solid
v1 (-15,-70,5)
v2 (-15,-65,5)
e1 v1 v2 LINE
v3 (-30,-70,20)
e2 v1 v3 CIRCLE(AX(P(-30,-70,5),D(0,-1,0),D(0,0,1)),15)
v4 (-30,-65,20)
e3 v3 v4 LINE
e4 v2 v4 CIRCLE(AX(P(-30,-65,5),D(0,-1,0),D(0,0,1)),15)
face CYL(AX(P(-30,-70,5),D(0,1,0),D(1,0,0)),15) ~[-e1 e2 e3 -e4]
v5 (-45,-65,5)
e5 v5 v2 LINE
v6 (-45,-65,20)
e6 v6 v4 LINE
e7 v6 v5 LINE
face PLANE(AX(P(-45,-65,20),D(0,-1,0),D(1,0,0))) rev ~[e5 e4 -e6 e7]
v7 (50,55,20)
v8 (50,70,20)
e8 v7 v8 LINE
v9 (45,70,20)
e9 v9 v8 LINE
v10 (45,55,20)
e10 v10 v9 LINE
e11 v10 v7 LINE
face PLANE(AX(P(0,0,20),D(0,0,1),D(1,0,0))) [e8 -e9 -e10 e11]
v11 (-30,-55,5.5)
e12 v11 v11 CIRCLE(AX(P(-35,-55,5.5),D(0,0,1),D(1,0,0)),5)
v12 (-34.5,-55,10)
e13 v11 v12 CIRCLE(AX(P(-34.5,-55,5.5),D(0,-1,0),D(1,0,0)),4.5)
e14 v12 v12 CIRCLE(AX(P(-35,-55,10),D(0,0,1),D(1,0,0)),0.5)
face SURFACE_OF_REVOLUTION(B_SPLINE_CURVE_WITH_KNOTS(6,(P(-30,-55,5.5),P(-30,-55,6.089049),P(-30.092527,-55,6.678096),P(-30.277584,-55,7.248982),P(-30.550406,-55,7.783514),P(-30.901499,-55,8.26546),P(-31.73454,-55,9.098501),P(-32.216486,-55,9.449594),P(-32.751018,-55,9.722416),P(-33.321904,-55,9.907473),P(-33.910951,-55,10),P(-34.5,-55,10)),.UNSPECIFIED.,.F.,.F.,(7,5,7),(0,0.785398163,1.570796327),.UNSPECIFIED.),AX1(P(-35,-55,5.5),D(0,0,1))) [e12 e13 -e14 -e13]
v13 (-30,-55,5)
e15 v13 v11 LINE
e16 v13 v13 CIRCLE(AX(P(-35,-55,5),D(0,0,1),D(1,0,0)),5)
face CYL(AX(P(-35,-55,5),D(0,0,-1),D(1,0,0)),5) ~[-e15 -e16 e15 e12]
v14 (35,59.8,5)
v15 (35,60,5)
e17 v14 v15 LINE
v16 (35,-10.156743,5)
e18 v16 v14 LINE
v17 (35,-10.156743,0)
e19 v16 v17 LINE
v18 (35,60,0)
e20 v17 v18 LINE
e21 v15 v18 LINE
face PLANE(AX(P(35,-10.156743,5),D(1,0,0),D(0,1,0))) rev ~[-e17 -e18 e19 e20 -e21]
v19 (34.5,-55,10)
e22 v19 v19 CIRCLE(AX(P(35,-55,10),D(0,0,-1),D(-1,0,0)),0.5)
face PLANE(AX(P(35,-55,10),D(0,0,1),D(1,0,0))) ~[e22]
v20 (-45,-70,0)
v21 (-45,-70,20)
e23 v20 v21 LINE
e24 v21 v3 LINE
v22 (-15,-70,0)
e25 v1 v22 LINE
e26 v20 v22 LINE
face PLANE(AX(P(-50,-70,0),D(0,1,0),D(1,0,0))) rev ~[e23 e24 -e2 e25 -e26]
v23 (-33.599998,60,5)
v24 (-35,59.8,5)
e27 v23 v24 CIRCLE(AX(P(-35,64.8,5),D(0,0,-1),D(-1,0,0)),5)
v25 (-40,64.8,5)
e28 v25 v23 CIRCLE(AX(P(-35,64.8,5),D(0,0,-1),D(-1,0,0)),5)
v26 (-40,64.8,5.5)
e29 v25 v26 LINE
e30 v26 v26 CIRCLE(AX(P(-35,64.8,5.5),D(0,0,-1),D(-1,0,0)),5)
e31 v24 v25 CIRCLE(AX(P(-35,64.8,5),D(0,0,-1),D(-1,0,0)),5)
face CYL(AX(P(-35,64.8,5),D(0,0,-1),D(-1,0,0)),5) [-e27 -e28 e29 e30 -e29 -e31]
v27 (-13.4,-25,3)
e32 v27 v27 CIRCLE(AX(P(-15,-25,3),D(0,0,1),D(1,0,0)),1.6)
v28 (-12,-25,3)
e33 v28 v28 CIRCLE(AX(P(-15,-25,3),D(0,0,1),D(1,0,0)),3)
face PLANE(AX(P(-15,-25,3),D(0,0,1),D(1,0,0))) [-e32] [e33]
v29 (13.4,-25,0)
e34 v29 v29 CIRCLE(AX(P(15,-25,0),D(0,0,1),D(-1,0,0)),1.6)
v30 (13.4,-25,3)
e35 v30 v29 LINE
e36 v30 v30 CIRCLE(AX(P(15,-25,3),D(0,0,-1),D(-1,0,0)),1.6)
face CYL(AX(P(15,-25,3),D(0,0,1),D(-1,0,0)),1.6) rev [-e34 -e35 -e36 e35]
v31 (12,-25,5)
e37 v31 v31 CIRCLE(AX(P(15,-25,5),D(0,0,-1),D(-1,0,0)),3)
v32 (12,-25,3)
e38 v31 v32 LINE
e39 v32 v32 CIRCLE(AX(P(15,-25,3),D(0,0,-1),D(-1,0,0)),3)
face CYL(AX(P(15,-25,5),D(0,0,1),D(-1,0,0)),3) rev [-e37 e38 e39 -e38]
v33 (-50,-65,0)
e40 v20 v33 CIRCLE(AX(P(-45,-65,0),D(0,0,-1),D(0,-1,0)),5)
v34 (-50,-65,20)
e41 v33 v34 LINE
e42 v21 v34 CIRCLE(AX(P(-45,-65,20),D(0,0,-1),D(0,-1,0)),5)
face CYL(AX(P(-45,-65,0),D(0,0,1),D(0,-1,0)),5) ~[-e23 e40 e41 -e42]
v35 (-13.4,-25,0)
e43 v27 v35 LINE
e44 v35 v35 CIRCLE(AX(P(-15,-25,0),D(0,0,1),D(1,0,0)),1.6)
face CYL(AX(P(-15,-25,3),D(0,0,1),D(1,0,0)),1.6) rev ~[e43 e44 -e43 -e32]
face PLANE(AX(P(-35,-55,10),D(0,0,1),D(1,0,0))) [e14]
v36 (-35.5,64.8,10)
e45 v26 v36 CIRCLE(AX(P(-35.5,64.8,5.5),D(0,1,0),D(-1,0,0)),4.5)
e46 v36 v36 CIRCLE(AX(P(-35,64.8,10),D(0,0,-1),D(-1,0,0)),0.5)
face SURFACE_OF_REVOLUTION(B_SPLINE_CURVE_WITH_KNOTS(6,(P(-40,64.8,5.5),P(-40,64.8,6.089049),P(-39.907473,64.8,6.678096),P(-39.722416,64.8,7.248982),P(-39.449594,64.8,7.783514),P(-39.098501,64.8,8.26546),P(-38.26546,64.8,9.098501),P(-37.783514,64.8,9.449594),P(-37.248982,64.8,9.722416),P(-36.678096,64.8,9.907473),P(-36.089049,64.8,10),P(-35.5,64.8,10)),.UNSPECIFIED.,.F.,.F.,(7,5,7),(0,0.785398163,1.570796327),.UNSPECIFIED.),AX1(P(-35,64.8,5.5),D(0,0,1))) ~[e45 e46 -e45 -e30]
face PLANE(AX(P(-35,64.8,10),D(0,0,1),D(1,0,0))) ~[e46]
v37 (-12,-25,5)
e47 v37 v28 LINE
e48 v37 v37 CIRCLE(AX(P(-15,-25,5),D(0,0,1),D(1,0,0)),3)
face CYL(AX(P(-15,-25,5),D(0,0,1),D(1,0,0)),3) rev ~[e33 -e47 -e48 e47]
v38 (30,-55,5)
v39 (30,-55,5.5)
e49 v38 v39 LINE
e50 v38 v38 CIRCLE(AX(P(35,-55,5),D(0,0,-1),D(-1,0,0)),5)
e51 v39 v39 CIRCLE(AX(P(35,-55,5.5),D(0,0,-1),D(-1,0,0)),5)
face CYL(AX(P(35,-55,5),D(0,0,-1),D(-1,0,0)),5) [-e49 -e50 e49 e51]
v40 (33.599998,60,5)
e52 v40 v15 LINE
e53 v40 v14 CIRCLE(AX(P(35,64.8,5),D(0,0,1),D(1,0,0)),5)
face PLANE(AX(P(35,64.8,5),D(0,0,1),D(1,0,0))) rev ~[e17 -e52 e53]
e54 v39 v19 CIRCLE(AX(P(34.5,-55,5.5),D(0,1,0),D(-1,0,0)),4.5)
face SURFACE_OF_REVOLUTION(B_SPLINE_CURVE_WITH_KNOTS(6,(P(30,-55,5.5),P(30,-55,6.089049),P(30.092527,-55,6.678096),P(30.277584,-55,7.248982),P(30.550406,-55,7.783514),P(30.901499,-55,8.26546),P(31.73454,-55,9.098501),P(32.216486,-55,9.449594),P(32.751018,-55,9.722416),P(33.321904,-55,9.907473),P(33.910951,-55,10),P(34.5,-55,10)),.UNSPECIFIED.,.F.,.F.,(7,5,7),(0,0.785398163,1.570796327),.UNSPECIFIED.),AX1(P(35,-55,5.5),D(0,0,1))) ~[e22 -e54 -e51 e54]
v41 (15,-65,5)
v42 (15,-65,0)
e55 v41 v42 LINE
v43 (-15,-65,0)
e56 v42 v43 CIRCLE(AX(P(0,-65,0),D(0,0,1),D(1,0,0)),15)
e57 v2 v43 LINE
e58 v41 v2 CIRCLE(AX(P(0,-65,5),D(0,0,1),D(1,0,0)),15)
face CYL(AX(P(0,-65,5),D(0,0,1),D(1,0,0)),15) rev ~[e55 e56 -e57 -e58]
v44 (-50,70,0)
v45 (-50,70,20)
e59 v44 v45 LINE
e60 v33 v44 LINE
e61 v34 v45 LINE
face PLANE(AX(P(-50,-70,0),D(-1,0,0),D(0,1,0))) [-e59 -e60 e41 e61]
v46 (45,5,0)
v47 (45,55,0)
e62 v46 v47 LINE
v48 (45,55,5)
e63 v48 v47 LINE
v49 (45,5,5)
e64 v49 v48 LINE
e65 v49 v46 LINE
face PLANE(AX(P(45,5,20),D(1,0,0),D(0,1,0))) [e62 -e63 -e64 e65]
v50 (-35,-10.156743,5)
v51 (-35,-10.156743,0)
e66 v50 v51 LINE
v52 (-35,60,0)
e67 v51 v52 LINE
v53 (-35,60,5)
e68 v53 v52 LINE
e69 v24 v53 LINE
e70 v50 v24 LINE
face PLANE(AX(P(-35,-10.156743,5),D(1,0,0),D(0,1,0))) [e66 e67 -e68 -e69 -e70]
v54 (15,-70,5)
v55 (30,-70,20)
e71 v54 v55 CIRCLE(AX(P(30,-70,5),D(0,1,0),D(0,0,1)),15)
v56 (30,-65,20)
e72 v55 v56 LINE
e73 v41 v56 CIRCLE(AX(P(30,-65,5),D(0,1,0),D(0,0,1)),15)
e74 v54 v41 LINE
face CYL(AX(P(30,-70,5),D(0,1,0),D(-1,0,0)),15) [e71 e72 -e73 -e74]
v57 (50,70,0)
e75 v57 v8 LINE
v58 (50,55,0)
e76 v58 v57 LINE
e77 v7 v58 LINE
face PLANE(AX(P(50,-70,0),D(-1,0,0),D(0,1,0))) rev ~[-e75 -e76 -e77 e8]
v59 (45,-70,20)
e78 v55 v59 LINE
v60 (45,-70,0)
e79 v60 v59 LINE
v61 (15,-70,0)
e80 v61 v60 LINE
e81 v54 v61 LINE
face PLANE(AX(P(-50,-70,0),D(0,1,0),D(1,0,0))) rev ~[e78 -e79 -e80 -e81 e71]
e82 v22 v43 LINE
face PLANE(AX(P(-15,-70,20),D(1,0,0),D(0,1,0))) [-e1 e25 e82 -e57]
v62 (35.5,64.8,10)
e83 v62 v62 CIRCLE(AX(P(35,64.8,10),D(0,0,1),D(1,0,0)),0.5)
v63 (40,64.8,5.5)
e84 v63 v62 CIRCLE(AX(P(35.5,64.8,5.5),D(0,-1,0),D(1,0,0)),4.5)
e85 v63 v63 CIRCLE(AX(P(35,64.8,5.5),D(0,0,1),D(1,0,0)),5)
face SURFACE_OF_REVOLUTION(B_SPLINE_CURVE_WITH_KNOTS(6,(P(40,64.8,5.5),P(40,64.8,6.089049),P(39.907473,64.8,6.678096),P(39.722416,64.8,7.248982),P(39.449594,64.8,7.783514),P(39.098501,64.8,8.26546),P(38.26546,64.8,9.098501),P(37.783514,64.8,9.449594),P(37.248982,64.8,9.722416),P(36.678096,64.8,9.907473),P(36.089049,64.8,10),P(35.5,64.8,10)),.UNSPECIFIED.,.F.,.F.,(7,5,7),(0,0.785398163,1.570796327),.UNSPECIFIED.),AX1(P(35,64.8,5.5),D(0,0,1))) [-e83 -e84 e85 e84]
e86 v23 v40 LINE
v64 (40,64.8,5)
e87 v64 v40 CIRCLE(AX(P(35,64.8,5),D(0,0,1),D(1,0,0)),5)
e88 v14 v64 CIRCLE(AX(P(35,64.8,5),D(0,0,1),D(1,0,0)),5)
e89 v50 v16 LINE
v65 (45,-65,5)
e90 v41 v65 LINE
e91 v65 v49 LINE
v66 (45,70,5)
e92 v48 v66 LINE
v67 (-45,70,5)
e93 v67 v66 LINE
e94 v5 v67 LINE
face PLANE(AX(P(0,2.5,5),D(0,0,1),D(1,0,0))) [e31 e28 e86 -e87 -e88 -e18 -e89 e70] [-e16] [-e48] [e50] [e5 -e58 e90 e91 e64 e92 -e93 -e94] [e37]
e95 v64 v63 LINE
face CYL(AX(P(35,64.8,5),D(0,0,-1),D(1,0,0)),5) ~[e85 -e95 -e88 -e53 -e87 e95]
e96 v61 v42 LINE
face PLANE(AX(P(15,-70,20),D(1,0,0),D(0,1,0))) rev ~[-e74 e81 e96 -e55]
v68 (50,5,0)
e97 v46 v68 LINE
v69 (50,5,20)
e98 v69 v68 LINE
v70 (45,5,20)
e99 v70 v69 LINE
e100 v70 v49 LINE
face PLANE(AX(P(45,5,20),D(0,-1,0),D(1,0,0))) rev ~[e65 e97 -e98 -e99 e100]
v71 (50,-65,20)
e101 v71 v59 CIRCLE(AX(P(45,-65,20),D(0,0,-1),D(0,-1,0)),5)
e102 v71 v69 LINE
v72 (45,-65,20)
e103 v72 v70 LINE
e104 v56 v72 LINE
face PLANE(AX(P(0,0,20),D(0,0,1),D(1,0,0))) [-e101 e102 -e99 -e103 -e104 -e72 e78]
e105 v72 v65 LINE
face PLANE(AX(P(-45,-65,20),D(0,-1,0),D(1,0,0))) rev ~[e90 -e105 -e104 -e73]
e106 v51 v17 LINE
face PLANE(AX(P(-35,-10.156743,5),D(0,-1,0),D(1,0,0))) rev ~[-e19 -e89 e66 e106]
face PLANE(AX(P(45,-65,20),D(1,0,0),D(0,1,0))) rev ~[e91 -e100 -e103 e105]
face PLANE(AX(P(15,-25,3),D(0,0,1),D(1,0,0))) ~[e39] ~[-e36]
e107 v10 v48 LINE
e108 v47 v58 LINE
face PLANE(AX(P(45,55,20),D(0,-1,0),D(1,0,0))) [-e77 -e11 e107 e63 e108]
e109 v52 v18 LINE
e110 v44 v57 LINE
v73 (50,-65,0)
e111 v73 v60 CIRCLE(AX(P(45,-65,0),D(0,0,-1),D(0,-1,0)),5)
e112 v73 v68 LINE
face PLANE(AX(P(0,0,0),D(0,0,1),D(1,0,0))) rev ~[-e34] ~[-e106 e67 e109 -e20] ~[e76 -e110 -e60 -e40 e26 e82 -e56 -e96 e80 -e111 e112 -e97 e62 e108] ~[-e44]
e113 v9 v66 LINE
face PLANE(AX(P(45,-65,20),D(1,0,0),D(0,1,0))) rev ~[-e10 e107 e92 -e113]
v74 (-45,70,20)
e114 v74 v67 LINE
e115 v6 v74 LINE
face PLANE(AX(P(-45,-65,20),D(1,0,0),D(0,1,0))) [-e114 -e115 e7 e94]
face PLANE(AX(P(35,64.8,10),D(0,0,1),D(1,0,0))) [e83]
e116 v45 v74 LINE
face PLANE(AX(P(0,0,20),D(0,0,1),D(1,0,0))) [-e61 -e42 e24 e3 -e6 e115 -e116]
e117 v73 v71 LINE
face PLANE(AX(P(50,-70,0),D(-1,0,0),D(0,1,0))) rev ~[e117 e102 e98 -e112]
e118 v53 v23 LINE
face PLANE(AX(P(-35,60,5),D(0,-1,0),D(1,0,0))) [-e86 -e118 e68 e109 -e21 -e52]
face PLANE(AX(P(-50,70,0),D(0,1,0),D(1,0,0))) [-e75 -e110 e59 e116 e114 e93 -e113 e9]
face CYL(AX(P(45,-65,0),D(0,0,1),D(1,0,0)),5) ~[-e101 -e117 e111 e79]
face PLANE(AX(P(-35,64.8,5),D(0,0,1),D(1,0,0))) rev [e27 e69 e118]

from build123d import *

# Parameters (mm, degrees)
SKETCH_W        = 100
SKETCH_H        = 140
PAD_DEPTH       = 20
SKETCH001_W     = 90
SKETCH001_H     = 135
POCKET_DEPTH    = 15
SKETCH003_R     = 3
POCKET001_DEPTH = 2
SKETCH004_R     = 1.6
POCKET002_DEPTH = 349.411162
SKETCH005_W     = 5
SKETCH005_H     = 50
POCKET003_DEPTH = 20.001
SKETCH006_W     = 30
SKETCH006_H     = 5
POCKET004_DEPTH = 20.001
SKETCH007_W     = 70
SKETCH007_H     = 70.156743
POCKET005_DEPTH = 5.001
SKETCH008_R     = 15
POCKET006_DEPTH = 5.001
FILLET_R        = 5
FILLET001_R     = 5
FILLET002_R     = 15
FILLET003_R     = 15
SKETCH009_R     = 5
PAD001_DEPTH    = 5
SKETCH010_R     = 5
PAD002_DEPTH    = 5
FILLET004_R     = 4.5
FILLET005_R     = 4.5
FILLET006_R     = 4.5
FILLET007_R     = 4.5


with BuildPart() as part:
    # Sketch → Pad (new body)
    with BuildSketch(Plane.XY):
        Rectangle(SKETCH_W, SKETCH_H)
    extrude(amount=PAD_DEPTH)

    # Sketch001 → Pocket (cut)
    with BuildSketch(Plane.XY.offset(20)):
        with Locations((0, 2.5)):
            Rectangle(SKETCH001_W, SKETCH001_H)
    extrude(amount=-POCKET_DEPTH, mode=Mode.SUBTRACT)

    # Sketch003 → Pocket001 (cut)
    with BuildSketch(Plane.XY.offset(5)):
        with Locations((-15, -25)):
            Circle(SKETCH003_R)
    pocket001 = extrude(amount=-POCKET001_DEPTH, mode=Mode.SUBTRACT)

    # Sketch004 → Pocket002 (cut, through all)
    with BuildSketch(Plane.XY.offset(3)):
        with Locations((-15, -25)):
            Circle(SKETCH004_R)
    pocket002 = extrude(amount=-POCKET002_DEPTH, mode=Mode.SUBTRACT)

    # Mirrored: Pocket002, Pocket001 across Sketch004 V_Axis
    add(pocket002.mirror(Plane(origin=(0, 0, 3), x_dir=(0, 0, 1), z_dir=(1, 0, 0))), mode=Mode.SUBTRACT)
    add(pocket001.mirror(Plane(origin=(0, 0, 3), x_dir=(0, 0, 1), z_dir=(1, 0, 0))), mode=Mode.SUBTRACT)

    # Sketch005 → Pocket003 (cut, through all)
    with BuildSketch(Plane.XY.offset(20)):
        with Locations((47.5, 30)):
            Rectangle(SKETCH005_W, SKETCH005_H)
    extrude(amount=-POCKET003_DEPTH, mode=Mode.SUBTRACT)

    # Sketch006 → Pocket004 (cut, through all)
    with BuildSketch(Plane.XY.offset(20)):
        with Locations((0, -67.5)):
            Rectangle(SKETCH006_W, SKETCH006_H)
    extrude(amount=-POCKET004_DEPTH, mode=Mode.SUBTRACT)

    # Sketch007 → Pocket005 (cut, through all)
    with BuildSketch(Plane.XY.offset(5)):
        with Locations((0, 24.921629)):
            Rectangle(SKETCH007_W, SKETCH007_H)
    extrude(amount=-POCKET005_DEPTH, mode=Mode.SUBTRACT)

    # Sketch008 → Pocket006 (cut, through all)
    with BuildSketch(Plane.XY.offset(5)):
        with Locations((0, -65)):
            Circle(SKETCH008_R)
    extrude(amount=-POCKET006_DEPTH, mode=Mode.SUBTRACT)

    # Fillet
    fillet_edges = [part.edges().sort_by_distance(p)[0] for p in [
        (50, -70, 10),
    ]]
    fillet(fillet_edges, radius=FILLET_R)

    # Fillet001
    fillet001_edges = [part.edges().sort_by_distance(p)[0] for p in [
        (-50, -70, 10),
    ]]
    fillet(fillet001_edges, radius=FILLET001_R)

    # Fillet002
    fillet002_edges = [part.edges().sort_by_distance(p)[0] for p in [
        (-15, -67.5, 20),
    ]]
    fillet(fillet002_edges, radius=FILLET002_R)

    # Fillet003
    fillet003_edges = [part.edges().sort_by_distance(p)[0] for p in [
        (15, -67.5, 20),
    ]]
    fillet(fillet003_edges, radius=FILLET003_R)

    # Sketch009 → Pad001 (new body)
    with BuildSketch(Plane.XY.offset(5)):
        with Locations((35, 64.8)):
            Circle(SKETCH009_R)
    pad001 = extrude(amount=PAD001_DEPTH)

    # Mirrored001: Pad001 across Sketch009 V_Axis
    add(pad001.mirror(Plane(origin=(0, 0, 5), x_dir=(0, 0, 1), z_dir=(1, 0, 0))))

    # Sketch010 → Pad002 (new body)
    with BuildSketch(Plane.XY.offset(5)):
        with Locations((-35, -55)):
            Circle(SKETCH010_R)
    pad002 = extrude(amount=PAD002_DEPTH)

    # Mirrored002: Pad002 across Sketch010 V_Axis
    add(pad002.mirror(Plane(origin=(0, 0, 5), x_dir=(0, 0, 1), z_dir=(1, 0, 0))))

    # Fillet004
    fillet004_edges = [part.edges().sort_by_distance(p)[0] for p in [
        (-40, -55, 10),
    ]]
    fillet(fillet004_edges, radius=FILLET004_R)

    # Fillet005
    fillet005_edges = [part.edges().sort_by_distance(p)[0] for p in [
        (40, -55, 10),
    ]]
    fillet(fillet005_edges, radius=FILLET005_R)

    # Fillet006
    fillet006_edges = [part.edges().sort_by_distance(p)[0] for p in [
        (30, 64.8, 10),
    ]]
    fillet(fillet006_edges, radius=FILLET006_R)

    # Fillet007
    fillet007_edges = [part.edges().sort_by_distance(p)[0] for p in [
        (-30, 64.8, 10),
    ]]
    fillet(fillet007_edges, radius=FILLET007_R)


solid = part.part
